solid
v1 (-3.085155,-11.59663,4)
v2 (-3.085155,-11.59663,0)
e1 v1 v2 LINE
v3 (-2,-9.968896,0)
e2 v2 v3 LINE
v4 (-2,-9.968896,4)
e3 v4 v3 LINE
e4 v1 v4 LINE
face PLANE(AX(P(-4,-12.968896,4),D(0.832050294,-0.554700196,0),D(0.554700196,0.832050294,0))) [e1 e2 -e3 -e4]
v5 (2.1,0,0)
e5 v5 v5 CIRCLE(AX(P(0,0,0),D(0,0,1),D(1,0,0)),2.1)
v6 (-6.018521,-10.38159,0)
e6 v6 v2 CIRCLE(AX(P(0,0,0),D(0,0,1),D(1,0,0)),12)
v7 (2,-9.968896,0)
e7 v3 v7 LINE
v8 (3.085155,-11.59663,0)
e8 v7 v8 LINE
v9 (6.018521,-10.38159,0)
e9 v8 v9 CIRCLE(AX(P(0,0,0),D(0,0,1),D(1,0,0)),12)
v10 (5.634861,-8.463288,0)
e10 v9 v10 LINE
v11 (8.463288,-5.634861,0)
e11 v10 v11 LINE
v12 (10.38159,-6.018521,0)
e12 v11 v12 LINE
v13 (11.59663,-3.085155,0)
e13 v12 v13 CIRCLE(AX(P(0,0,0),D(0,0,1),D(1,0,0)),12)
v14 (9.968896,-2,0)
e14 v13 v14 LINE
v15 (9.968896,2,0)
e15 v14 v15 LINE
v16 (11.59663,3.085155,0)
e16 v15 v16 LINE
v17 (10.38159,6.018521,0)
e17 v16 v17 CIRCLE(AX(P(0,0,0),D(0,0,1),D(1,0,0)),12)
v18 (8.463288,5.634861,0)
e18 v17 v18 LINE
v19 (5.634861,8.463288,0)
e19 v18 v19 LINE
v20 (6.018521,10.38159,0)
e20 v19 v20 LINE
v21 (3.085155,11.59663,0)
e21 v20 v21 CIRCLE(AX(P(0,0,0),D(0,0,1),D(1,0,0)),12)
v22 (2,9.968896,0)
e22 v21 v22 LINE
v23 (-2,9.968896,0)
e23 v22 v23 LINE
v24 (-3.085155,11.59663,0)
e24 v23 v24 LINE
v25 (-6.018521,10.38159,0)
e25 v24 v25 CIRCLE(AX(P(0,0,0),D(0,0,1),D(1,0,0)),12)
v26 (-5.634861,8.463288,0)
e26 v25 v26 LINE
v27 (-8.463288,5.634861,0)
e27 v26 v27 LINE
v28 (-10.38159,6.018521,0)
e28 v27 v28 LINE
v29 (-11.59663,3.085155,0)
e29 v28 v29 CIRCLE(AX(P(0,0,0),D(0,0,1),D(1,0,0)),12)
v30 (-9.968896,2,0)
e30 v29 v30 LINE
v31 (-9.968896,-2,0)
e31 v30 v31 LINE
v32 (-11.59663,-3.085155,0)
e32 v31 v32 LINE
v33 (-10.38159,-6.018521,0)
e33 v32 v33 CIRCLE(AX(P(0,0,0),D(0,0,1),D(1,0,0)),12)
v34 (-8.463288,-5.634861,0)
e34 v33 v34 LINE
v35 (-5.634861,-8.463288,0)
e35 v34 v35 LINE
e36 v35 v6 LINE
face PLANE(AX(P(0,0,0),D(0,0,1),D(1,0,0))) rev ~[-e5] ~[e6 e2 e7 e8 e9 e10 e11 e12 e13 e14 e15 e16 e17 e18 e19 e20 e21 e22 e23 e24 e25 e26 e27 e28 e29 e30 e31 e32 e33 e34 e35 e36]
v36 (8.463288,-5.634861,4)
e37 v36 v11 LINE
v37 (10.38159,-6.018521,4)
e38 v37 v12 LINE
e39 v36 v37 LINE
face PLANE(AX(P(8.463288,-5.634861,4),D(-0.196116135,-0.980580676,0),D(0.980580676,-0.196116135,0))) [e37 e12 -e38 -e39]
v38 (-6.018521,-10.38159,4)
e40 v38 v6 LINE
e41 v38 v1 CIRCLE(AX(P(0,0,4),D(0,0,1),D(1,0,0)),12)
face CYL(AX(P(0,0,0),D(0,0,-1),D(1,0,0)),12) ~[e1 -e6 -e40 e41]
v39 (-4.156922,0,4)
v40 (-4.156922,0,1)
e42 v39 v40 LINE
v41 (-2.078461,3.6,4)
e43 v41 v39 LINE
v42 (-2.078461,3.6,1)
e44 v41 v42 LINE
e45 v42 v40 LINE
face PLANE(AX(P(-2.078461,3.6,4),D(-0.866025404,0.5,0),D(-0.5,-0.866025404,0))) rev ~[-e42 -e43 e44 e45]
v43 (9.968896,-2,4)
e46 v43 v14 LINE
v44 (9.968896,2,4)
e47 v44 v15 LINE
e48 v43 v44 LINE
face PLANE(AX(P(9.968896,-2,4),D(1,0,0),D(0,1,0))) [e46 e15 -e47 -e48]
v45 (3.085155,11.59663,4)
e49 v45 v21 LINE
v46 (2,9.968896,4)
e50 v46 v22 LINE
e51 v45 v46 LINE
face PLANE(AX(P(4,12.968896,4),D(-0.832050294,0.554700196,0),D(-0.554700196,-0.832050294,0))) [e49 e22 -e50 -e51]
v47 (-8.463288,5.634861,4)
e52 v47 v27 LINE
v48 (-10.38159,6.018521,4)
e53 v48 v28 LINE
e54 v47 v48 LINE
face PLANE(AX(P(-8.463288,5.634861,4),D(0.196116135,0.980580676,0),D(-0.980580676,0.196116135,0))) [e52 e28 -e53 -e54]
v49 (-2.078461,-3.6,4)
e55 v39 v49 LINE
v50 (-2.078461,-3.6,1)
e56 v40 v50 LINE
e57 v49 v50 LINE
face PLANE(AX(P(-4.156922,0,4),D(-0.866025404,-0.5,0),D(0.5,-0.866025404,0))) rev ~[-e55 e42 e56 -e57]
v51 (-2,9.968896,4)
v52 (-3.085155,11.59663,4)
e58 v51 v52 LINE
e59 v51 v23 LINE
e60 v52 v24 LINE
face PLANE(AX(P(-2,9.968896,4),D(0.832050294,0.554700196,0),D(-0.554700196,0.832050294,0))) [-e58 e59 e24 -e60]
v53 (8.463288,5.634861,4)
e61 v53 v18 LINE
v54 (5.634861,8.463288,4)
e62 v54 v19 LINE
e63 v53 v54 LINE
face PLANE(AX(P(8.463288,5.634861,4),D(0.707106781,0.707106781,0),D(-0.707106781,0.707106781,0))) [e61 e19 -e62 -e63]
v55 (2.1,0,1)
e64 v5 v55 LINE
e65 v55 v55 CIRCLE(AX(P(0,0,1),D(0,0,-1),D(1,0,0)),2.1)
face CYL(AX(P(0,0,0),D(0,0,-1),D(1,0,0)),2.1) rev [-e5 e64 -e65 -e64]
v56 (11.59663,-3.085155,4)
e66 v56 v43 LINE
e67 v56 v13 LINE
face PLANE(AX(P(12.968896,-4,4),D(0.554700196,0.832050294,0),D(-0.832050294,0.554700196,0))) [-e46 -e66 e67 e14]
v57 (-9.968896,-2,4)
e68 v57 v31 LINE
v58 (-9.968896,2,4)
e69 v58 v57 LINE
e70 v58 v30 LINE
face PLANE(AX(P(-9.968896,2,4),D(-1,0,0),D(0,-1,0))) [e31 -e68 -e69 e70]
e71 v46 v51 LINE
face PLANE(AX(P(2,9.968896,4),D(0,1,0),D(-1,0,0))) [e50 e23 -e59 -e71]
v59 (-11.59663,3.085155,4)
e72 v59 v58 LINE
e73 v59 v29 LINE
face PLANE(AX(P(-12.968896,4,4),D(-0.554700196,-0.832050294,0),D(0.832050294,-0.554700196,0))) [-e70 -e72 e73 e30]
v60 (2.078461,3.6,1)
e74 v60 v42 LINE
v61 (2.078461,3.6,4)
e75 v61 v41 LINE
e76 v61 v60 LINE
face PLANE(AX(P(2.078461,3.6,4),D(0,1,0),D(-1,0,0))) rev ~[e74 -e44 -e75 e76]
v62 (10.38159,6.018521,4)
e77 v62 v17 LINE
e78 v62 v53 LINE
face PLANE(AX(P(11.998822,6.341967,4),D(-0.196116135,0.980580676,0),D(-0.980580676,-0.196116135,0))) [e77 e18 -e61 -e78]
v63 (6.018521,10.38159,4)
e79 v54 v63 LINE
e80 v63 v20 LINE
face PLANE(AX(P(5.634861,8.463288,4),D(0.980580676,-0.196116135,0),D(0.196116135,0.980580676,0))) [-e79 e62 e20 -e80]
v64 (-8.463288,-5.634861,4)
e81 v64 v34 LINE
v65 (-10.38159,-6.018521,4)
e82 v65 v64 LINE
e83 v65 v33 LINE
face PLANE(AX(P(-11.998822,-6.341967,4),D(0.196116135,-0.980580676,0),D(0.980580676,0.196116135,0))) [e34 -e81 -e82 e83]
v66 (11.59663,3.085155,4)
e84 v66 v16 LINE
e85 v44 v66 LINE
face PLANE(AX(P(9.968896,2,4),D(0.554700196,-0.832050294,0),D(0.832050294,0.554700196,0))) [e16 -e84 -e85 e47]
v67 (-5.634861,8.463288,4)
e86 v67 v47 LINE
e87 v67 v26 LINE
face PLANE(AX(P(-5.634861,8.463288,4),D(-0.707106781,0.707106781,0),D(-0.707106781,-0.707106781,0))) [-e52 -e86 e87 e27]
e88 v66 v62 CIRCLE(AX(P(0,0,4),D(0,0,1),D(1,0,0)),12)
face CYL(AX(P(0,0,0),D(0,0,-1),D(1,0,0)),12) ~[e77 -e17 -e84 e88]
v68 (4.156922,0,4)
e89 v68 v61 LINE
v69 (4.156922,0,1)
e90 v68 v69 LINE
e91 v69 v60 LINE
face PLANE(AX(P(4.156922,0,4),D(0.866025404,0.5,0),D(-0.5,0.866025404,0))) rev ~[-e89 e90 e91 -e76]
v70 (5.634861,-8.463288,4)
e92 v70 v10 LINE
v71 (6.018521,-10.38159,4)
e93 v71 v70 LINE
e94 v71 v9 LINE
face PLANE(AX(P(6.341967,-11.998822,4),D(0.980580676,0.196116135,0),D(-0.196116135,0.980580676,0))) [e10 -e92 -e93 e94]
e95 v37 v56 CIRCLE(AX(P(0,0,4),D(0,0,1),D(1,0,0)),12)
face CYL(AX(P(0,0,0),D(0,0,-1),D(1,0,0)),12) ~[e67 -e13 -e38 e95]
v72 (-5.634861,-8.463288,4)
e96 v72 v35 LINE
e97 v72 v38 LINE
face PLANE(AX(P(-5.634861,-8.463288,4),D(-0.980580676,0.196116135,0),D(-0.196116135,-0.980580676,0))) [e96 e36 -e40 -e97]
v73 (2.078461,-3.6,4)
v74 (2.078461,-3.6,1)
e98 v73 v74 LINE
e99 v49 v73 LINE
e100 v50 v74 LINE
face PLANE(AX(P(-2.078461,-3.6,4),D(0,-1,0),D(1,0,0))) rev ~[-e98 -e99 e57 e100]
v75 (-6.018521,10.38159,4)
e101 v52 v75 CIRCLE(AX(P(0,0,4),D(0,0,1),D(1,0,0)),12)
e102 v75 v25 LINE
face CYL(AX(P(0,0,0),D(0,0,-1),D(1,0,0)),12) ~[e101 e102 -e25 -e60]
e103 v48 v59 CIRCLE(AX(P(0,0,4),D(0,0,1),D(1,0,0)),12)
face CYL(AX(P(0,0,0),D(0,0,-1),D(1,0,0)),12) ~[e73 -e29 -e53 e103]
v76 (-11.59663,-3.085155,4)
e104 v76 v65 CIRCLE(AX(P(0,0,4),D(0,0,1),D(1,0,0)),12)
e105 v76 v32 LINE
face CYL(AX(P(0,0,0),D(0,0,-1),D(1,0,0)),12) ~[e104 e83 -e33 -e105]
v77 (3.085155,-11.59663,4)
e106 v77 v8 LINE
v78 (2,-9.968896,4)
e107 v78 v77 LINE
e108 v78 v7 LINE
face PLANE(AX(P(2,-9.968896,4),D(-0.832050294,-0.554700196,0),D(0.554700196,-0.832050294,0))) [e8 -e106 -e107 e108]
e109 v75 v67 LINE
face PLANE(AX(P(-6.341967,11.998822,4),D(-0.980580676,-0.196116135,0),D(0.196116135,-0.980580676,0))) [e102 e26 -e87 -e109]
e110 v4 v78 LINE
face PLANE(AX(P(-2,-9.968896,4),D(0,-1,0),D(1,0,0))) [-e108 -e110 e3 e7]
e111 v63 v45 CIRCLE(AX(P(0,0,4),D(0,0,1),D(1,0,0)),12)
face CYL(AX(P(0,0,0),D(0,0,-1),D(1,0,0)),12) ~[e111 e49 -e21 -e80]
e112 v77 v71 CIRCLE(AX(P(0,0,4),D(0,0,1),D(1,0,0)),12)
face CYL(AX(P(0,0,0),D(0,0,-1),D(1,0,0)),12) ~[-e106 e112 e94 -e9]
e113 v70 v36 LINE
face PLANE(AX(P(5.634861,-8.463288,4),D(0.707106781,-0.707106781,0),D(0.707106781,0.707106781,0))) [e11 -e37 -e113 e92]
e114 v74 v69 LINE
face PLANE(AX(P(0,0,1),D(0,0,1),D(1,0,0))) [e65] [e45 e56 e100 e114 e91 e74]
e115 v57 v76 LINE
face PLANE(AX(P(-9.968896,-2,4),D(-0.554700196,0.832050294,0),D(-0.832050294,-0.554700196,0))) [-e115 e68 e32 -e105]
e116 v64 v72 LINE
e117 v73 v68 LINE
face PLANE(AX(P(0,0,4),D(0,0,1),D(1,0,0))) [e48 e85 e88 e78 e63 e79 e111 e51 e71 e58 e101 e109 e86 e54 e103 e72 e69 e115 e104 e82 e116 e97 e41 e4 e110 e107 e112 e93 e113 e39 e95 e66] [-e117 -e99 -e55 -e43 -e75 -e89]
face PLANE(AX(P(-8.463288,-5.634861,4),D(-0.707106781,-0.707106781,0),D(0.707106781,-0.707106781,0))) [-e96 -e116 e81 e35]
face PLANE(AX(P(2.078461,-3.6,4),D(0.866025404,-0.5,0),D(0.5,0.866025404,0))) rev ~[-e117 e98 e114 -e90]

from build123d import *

# Parameters (mm, degrees)
SKETCH1_R           = 12
SKETCH1_R_2         = 2.1
BOSS_EXTRUDE1_DEPTH = 4
CUT_EXTRUDE1_DEPTH  = 3
CUT_EXTRUDE2_DEPTH  = 4
CIRPATTERN1_COUNT   = 8


with BuildPart() as part:
    # Sketch1 → Boss-Extrude1 (new body)
    with BuildSketch(Plane.XY):
        Circle(SKETCH1_R)
        Circle(SKETCH1_R_2, mode=Mode.SUBTRACT)
    extrude(amount=BOSS_EXTRUDE1_DEPTH)

    # Sketch2 → Cut-Extrude1 (cut)
    with BuildSketch(Plane.XY.offset(4)):
        Polygon((4.156921938, 0), (2.078460969, 3.6), (-2.078460969, 3.6), (-4.156921938, 0), (-2.078460969, -3.6), (2.078460969, -3.6), align=None)
    extrude(amount=-CUT_EXTRUDE1_DEPTH, mode=Mode.SUBTRACT)

    # Sketch3 → Cut-Extrude2 (cut)
    with BuildSketch(Plane.XY.offset(4)):
        Polygon((9.968896423, 2), (12.968896423, 4), (12.968896423, -4), (9.968896423, -2), align=None)
    cut_extrude2 = extrude(amount=-CUT_EXTRUDE2_DEPTH, mode=Mode.SUBTRACT)

    # CirPattern1: Cut-Extrude2 ×8 about axis
    cirpattern1_axis = Axis((0, 0, 0), (0, 0, 1))
    for i in range(1, CIRPATTERN1_COUNT):
        add(cut_extrude2.rotate(cirpattern1_axis, i * 360 / CIRPATTERN1_COUNT), mode=Mode.SUBTRACT)


solid = part.part
